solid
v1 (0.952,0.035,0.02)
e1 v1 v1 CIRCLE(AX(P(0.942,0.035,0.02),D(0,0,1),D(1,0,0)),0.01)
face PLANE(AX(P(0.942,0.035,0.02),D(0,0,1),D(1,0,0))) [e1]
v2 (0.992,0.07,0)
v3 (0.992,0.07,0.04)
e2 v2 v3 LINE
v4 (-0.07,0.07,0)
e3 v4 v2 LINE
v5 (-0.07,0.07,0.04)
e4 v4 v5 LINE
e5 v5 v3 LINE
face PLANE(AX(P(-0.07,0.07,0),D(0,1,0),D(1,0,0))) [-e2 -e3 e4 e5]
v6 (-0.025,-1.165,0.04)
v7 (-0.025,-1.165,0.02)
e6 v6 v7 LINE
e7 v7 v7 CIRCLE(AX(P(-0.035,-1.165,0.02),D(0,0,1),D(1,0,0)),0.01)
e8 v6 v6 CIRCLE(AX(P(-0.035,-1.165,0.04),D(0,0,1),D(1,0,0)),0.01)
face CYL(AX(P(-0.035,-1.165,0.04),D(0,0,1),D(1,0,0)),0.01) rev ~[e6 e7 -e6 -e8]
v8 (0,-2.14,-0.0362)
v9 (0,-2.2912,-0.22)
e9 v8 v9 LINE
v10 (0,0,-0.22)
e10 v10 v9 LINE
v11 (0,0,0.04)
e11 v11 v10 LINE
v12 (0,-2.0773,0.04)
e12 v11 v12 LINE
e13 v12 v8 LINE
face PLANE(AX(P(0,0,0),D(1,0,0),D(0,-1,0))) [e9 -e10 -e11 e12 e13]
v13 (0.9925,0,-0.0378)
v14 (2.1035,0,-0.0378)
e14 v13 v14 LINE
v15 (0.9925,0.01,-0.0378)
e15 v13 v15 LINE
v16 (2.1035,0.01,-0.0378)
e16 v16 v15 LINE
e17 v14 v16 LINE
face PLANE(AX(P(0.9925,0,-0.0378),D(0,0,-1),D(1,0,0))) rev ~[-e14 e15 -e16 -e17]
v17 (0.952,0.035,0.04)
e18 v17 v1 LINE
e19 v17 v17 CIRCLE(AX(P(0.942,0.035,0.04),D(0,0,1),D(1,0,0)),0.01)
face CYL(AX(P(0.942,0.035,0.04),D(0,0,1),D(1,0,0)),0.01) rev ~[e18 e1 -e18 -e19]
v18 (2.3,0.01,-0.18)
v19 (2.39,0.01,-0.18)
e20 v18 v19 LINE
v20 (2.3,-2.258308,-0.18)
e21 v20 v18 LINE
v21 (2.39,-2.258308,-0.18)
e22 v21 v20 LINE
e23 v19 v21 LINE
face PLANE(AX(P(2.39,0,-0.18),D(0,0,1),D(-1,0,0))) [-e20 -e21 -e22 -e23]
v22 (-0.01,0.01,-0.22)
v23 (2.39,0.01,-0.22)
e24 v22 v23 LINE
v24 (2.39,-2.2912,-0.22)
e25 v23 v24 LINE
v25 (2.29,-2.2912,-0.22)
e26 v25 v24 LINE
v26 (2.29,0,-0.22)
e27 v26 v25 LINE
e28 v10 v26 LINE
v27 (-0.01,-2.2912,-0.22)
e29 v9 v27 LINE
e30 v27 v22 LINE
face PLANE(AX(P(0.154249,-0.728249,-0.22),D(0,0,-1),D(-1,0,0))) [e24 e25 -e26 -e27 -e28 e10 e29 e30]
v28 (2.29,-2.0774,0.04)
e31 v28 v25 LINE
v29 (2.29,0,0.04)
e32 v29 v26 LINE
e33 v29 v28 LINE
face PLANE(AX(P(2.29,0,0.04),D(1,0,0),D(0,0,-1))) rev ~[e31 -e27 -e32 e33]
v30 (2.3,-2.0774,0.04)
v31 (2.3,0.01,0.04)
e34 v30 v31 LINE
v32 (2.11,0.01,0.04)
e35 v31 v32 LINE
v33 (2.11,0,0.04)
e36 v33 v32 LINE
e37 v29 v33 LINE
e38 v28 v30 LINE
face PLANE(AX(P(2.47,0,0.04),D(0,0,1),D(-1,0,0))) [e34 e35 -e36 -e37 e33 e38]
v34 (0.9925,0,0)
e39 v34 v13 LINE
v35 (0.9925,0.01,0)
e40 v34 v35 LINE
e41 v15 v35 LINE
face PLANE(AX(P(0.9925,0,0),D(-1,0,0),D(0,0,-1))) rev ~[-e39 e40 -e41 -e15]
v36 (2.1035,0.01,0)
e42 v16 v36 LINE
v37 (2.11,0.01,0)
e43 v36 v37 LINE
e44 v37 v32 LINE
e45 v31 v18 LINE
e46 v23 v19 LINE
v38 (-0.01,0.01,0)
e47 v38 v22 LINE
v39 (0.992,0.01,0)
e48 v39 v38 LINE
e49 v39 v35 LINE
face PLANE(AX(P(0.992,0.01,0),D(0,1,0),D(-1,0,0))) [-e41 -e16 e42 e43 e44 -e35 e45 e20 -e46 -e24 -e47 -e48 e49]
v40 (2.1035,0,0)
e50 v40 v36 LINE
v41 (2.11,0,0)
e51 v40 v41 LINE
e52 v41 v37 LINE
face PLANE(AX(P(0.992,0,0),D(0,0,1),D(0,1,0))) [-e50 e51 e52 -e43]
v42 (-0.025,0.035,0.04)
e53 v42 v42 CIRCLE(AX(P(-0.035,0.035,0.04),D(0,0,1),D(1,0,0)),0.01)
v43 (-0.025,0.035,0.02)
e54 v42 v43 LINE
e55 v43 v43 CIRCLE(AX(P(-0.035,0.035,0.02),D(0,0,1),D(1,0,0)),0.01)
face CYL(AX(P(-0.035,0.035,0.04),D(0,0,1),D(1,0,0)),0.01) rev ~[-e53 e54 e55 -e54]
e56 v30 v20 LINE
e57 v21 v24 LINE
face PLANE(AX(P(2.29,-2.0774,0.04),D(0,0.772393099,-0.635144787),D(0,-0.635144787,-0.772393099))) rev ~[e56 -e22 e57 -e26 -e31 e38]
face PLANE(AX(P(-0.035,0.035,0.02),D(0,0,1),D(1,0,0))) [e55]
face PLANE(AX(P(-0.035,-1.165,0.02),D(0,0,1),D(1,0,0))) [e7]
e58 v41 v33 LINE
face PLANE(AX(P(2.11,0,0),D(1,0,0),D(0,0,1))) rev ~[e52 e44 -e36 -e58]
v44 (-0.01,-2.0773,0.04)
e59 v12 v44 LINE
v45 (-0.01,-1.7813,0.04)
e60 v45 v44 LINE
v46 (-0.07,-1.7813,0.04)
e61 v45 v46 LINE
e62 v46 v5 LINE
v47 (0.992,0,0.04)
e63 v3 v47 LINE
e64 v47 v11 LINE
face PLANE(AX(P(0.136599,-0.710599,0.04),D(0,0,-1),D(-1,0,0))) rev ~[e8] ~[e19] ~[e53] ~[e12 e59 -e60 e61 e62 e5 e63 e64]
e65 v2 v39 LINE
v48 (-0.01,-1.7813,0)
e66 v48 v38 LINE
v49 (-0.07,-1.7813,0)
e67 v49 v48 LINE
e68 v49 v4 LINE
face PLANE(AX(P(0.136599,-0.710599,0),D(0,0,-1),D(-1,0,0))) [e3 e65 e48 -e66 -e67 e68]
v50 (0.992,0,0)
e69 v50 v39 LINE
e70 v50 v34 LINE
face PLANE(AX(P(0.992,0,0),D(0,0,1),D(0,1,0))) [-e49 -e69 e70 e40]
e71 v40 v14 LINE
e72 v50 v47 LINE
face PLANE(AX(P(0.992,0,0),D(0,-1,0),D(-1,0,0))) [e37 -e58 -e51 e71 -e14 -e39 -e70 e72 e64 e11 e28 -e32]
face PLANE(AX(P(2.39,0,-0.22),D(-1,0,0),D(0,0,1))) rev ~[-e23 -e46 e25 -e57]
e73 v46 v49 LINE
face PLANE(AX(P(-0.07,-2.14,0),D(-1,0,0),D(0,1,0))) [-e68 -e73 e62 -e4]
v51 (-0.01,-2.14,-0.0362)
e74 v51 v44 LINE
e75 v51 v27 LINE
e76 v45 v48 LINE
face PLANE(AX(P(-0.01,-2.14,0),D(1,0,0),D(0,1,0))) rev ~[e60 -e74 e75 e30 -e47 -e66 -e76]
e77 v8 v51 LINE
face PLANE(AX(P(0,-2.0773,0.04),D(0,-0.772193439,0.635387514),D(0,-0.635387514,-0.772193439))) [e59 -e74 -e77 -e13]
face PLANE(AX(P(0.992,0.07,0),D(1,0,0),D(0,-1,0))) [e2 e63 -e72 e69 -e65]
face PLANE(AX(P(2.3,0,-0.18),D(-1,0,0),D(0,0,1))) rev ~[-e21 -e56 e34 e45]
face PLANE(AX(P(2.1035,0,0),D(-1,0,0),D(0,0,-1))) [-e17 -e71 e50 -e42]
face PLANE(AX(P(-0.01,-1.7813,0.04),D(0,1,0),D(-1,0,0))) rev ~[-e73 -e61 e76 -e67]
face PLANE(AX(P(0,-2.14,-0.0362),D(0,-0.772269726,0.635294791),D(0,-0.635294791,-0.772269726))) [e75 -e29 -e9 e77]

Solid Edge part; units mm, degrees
sketch "Sketch1" plane through (0, 0, 0) normal (0, 0, 1) x (1, 0, 0)
  line L0 (0.992, 0) -> (0, 0)
  line L1 (0, 0) -> (0, -2.14)
  line L2 (0, -2.14) -> (-0.07, -2.14)
  line L3 (-0.07, -2.14) -> (-0.07, 0.07)
  line L4 (-0.07, 0.07) -> (0.992, 0.07)
  line L5 (0.992, 0.07) -> (0.992, 0)
  dimension "D1" = 0.992
  dimension "D2" = 2.14
  dimension "D3" = 0.07
extrude "Protrusion1" add sketch "Sketch1" along normal blind 0.04
sketch "Sketch2" plane through (0.465, -0.965, 0) normal (0, 0, -1) x (1, 0, 0)
  line L0 (-0.465, -0.965) -> (-0.465, 1.175)
  line L1 (-0.465, 1.175) -> (-0.475, 1.175)
  line L2 (-0.475, 1.175) -> (-0.475, -0.975)
  line L3 (0.527, -0.975) -> (-0.475, -0.975)
  line L4 (0.527, -0.975) -> (0.527, -0.965)
  line L5 (0.527, -0.965) -> (-0.465, -0.965)
  dimension "D1" = 0.01
extrude "Ausprägung_2" add sketch "Sketch2" along normal blind 0.22
sketch "Sketch3" plane through (0.992, 0.035, -0.1) normal (1, 0, 0) x (0, 1, 0)
  line L0 (-0.025, -0.12) -> (-0.025, 0.1)
  line L1 (-0.035, 0.1) -> (-0.025, 0.1)
  line L2 (-0.035, -0.12) -> (-0.035, 0.1)
  line L3 (-0.035, -0.12) -> (-0.025, -0.12)
extrude "Ausprägung_3" add sketch "Sketch3" along normal blind 1.465
sketch "Sketch4" plane through (1.245, 0, -0.09) normal (0, -1, 0) x (1, 0, 0)
  line L0 (-0.2525, 0.0522) -> (0.8585, 0.0522)
  line L1 (0.8585, 0.09) -> (0.8585, 0.0522)
  line L2 (0.8585, 0.09) -> (-0.2525, 0.09)
  line L3 (-0.2525, 0.09) -> (-0.2525, 0.0522)
extrude "Cutout1" cut sketch "Sketch4" against normal through all
sketch "Sketch5" plane through (0.465, -0.965, 0.04) normal (0, 0, 1) x (1, 0, 0)
  circle A0 centre (0.477, 1) radius 0.01
  circle A1 centre (-0.5, -0.2) radius 0.01
  circle A2 centre (-0.5, 1) radius 0.01
  dimension "D1" = 0.02
  dimension "D2" = 0.05
  dimension "D3" = 1.2
extrude "Ausschnitt_1" cut sketch "Sketch5" against normal blind 0.02
sketch "Sketch6" plane through (0, -1.07, -0.09) normal (1, 0, 0) x (0, 1, 0)
  line L0 (-1.07, -0.13) -> (-1.2212, -0.13)
  line L1 (-1.07, 0.0538) -> (-1.2212, -0.13)
  line L2 (-1.07, 0.0538) -> (-1.07, -0.13)
extrude "Ausprägung_4" add sketch "Sketch6" against normal blind 0.01
sketch "Sketch7" plane through (0, -1.1456, -0.09) normal (1, 0, 0) x (0, 1, 0)
  line L0 (-0.9317, 0.13) -> (-0.9944, 0.0538)
  line L1 (-0.9944, 0.13) -> (-0.9944, 0.0538)
  line L2 (-0.9317, 0.13) -> (-0.9944, 0.13)
extrude "Cutout2" cut sketch "Sketch7" against normal through all
sketch "Sketch8" plane through (0.565, -1.0037, 0.04) normal (0, 0, 1) x (0, 1, 0)
  line L0 (-0.7776, 0.575) -> (-1.1066, 0.575)
  line L1 (-1.1066, 0.635) -> (-1.1066, 0.575)
  line L2 (-1.1066, 0.635) -> (-0.7776, 0.635)
  line L3 (-0.7776, 0.575) -> (-0.7776, 0.635)
extrude "Cutout3" cut sketch "Sketch8" against normal through all
sketch "Sketch9" plane through (1.28, 0, -0.09) normal (0, -1, 0) x (1, 0, 0)
  line L0 (1.19, 0.13) -> (1.19, 0.09)
  line L1 (1.19, 0.09) -> (0.83, 0.09)
  line L2 (0.83, 0.09) -> (0.83, 0.13)
  line L3 (1.19, 0.13) -> (0.83, 0.13)
extrude "Protrusion2" add sketch "Sketch9" against normal up to surface (0.01 mm away)
sketch "Sketch10" plane through (1.28, 0, -0.09) normal (0, -1, 0) x (1, 0, 0)
  line L0 (1.02, 0.13) -> (1.01, 0.13)
  line L1 (1.01, 0.13) -> (1.01, -0.13)
  line L2 (1.11, -0.13) -> (1.01, -0.13)
  line L3 (1.11, -0.13) -> (1.11, -0.09)
  line L4 (1.11, -0.09) -> (1.02, -0.09)
  line L5 (1.02, -0.09) -> (1.02, 0.13)
  dimension "D1" = 1.11
extrude "Ausprägung_7" add sketch "Sketch10" along normal blind 2.4
sketch "Sketch11" plane through (1.145, 0, -0.09) normal (0, -1, 0) x (1, 0, 0)
  line L0 (1.325, 0.13) -> (1.155, 0.13)
  line L1 (1.155, -0.09) -> (1.155, 0.13)
  line L2 (1.245, -0.09) -> (1.155, -0.09)
  line L3 (1.245, -0.09) -> (1.245, -0.13)
  line L4 (1.245, -0.13) -> (1.325, -0.13)
  line L5 (1.325, -0.13) -> (1.325, 0.13)
extrude "Cutout4" cut sketch "Sketch11" against normal through all
sketch "Sketch12" plane through (2.29, -1.2, -0.09) normal (-1, 0, 0) x (0, -1, 0)
  line L0 (0.8774, 0.13) -> (1.0912, -0.13)
  line L1 (1.2, -0.13) -> (1.0912, -0.13)
  line L2 (1.2, 0.13) -> (1.2, -0.13)
  line L3 (1.2, 0.13) -> (0.8774, 0.13)
extrude "Cutout5" cut sketch "Sketch12" against normal through all
